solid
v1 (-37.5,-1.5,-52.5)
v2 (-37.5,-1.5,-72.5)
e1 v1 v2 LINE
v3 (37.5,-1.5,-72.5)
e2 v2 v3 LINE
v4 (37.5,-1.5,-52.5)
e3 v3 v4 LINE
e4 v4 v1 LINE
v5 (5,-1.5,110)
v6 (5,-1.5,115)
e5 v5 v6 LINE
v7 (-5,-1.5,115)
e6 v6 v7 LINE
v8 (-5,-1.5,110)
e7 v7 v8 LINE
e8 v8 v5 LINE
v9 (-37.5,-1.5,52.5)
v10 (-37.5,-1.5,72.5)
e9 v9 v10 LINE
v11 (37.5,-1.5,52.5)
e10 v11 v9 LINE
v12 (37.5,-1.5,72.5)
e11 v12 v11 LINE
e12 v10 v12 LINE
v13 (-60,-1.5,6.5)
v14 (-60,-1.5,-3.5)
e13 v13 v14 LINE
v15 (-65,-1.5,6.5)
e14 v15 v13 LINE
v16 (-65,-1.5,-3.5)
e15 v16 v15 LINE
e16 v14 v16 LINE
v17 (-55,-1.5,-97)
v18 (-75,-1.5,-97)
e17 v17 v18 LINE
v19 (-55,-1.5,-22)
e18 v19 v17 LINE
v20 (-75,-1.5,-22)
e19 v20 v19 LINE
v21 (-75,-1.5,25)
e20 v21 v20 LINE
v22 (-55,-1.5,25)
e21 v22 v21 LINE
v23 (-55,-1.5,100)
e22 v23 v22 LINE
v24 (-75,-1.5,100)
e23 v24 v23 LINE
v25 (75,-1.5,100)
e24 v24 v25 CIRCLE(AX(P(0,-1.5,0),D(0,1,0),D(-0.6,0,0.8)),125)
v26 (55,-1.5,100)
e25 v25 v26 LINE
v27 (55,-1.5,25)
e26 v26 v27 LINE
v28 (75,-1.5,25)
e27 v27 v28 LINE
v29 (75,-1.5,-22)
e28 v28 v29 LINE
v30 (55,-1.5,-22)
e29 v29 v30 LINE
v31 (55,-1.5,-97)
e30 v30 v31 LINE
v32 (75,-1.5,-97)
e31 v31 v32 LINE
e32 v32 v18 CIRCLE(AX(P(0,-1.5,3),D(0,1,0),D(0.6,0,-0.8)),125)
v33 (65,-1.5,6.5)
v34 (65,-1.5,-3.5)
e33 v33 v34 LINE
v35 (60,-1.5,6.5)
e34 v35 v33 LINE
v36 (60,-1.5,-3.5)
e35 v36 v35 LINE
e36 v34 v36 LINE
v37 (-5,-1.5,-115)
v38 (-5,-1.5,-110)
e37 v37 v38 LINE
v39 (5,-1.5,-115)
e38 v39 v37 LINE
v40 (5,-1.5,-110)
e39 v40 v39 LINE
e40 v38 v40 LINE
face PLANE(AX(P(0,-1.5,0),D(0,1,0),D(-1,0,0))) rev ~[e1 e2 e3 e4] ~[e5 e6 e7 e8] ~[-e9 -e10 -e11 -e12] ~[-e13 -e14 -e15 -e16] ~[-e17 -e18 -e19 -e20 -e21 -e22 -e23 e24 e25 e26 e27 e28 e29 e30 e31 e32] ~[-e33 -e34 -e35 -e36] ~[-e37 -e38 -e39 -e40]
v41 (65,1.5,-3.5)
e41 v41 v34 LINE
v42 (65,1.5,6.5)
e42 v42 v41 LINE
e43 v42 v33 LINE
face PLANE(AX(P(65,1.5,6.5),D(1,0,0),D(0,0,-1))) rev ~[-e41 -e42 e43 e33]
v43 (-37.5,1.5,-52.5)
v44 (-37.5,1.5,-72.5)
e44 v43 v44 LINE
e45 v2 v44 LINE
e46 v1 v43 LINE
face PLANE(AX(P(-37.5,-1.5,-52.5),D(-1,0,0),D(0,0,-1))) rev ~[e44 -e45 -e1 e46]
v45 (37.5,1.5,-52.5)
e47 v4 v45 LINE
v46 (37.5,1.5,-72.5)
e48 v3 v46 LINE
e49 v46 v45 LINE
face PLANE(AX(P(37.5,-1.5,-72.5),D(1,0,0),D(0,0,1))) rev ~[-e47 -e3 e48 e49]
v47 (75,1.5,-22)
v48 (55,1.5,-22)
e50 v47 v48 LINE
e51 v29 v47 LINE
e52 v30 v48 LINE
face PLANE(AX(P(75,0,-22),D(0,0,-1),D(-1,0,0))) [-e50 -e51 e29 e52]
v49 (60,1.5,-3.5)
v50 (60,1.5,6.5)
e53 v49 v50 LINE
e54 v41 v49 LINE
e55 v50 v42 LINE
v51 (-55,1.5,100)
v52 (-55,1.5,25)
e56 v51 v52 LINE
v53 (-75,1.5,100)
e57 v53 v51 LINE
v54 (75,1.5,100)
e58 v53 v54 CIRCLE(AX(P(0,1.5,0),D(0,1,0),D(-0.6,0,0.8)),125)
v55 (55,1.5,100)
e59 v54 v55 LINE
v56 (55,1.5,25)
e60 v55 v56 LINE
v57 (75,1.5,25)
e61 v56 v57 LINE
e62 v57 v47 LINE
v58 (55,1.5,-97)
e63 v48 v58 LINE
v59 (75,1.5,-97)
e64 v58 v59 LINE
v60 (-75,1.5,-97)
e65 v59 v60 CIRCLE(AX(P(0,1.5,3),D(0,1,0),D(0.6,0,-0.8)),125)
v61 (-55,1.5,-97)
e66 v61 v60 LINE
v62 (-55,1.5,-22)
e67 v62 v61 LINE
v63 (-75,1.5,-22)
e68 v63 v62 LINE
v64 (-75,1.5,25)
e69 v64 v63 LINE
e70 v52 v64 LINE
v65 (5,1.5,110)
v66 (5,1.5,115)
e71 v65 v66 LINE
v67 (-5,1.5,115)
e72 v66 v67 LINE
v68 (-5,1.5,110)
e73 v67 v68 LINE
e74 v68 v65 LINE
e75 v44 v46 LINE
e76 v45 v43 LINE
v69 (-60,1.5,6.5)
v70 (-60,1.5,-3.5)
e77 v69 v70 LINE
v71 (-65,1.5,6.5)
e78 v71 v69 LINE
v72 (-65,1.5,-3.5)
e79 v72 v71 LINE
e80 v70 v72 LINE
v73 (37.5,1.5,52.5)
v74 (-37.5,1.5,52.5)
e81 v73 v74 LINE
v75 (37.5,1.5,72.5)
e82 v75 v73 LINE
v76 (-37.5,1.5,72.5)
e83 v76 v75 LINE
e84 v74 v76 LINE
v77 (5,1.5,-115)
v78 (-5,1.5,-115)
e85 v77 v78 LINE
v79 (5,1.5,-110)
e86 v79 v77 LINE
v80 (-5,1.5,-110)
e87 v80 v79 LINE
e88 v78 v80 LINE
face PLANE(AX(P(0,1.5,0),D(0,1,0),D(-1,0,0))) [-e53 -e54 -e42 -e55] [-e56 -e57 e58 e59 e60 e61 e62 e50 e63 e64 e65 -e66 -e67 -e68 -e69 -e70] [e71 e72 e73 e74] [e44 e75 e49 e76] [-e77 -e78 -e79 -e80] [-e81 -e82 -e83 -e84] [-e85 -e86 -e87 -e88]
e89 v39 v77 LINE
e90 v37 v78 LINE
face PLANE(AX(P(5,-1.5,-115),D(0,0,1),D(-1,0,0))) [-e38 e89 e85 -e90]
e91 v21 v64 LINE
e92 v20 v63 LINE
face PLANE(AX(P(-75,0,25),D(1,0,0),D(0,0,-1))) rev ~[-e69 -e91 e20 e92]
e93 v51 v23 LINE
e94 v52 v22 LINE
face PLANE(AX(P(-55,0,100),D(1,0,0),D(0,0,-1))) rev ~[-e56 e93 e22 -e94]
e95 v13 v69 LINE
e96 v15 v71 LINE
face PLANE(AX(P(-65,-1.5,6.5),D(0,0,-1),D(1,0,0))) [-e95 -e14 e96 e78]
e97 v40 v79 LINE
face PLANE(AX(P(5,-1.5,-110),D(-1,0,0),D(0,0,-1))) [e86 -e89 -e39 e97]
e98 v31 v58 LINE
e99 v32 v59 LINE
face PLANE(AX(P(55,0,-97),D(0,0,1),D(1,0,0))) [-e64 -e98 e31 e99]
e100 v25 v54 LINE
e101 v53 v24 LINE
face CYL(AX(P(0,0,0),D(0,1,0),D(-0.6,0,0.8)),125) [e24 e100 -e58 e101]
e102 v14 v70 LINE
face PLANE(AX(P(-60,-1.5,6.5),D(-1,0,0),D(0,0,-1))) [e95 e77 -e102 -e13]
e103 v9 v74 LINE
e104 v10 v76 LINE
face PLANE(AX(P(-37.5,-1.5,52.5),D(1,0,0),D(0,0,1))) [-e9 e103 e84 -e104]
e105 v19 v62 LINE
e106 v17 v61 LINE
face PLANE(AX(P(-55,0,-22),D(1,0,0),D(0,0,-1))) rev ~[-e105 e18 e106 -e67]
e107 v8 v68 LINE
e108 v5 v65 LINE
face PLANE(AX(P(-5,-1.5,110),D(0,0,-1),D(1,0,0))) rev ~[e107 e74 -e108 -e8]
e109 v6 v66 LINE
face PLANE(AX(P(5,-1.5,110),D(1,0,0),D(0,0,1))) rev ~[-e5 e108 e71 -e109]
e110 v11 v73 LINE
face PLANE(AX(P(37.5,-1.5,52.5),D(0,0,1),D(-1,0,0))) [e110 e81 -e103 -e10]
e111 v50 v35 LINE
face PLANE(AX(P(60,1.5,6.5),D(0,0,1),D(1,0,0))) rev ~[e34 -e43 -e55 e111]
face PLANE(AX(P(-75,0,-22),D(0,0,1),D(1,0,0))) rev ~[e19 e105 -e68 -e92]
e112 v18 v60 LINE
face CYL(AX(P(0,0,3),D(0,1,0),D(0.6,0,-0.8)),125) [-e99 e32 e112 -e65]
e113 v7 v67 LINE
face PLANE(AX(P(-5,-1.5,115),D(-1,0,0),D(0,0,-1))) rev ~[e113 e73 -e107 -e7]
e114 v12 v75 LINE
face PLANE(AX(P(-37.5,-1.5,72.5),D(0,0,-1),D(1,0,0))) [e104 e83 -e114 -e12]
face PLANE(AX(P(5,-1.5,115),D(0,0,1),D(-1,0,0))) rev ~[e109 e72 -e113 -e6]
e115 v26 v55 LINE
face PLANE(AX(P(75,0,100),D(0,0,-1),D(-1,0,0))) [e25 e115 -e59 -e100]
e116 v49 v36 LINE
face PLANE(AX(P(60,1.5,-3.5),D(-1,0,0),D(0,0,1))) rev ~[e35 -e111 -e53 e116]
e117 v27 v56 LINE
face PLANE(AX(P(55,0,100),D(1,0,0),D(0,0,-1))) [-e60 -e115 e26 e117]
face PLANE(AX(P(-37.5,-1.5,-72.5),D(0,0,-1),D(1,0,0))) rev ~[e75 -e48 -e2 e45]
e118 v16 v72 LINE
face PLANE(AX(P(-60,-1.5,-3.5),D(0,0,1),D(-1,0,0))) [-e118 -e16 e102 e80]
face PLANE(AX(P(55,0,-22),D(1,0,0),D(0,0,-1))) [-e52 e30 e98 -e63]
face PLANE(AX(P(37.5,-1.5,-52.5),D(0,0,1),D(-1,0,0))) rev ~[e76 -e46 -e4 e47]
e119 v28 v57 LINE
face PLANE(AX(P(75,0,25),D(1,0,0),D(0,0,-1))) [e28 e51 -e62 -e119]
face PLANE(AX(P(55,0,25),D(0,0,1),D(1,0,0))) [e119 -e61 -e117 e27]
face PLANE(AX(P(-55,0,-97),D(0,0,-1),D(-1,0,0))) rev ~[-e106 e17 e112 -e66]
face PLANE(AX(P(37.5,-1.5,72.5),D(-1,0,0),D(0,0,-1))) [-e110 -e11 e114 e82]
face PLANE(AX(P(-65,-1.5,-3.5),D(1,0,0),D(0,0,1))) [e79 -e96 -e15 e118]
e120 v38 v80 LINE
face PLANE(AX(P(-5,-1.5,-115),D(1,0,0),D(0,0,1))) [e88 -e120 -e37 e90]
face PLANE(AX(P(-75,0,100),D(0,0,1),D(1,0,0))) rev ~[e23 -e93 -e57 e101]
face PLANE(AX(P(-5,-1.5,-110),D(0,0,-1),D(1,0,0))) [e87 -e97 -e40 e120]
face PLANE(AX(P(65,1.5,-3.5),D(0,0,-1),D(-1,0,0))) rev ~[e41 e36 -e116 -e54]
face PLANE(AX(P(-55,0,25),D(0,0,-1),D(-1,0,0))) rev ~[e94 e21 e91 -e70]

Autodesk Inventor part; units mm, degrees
ref_plane "YZ Plane" through (0, 0, 0) normal (1, 0, 0) x (0, 1, 0)
ref_plane "XZ Plane" through (0, 0, 0) normal (0, 1, 0) x (-1, 0, 0)
ref_plane "XY Plane" through (0, 0, 0) normal (0, 0, 1) x (1, 0, 0)
sketch "Sketch1" plane through (0, 0, 0) normal (0, 1, 0) x (-1, 0, 0)
  line L0 (-75, 100) -> (-55, 100)
  line L1 (-55, 100) -> (-55, 25)
  line L2 (-55, 25) -> (-75, 25)
  line L3 (-75, 25) -> (-75, -22)
  line L4 (-75, -22) -> (-55, -22)
  line L5 (-55, -22) -> (-55, -97)
  line L6 (-55, -97) -> (-75, -97)
  line L7 (0, 0) -> (0, -13.688)
  line L8 (0, 0) -> (16.407, 0)
  line L9 (75, 100) -> (55, 100)
  line L10 (55, 100) -> (55, 25)
  line L11 (55, 25) -> (75, 25)
  line L12 (75, 25) -> (75, -22)
  line L13 (75, -22) -> (55, -22)
  line L14 (55, -22) -> (55, -97)
  line L15 (55, -97) -> (75, -97)
  arc A0 (75, 100) -> (-75, 100) centre (0, 0) ccw
  arc A1 (-75, -97) -> (75, -97) centre (0, 3) ccw
  line L16 (-60, -3.5) -> (-65, -3.5)
  line L17 (-65, -3.5) -> (-65, 6.5)
  line L18 (-65, 6.5) -> (-60, 6.5)
  line L19 (-60, 6.5) -> (-60, -3.5)
  line L20 (60, -3.5) -> (65, -3.5)
  line L21 (65, -3.5) -> (65, 6.5)
  line L22 (65, 6.5) -> (60, 6.5)
  line L23 (60, 6.5) -> (60, -3.5)
extrude "Extrusion1" add sketch "Sketch1" along normal mid plane 3 contours A0 L9 L10 L11 L12 L13 L14 L15 A1 L6 L5 L4 L3 L2 L1 L0 | L16 L17 L18 L19 | L23 L22 L21 L20
sketch "Sketch2" plane through (0, 1.5, 0) normal (0, 1, 0) x (1, 0, 0)
  point P0 (0, 0)
sketch "Sketch3" plane through (0, 1.5, 0) normal (0, 1, 0) x (1, 0, 0)
  line L0 (65, 3.5) -> (60, 3.5)
  line L1 (60, 3.5) -> (60, -6.5)
  line L2 (60, -6.5) -> (65, -6.5)
  line L3 (65, -6.5) -> (65, 3.5)
  line L4 (0, 0) -> (0, -6.5)
  line L5 (-65, 3.5) -> (-60, 3.5)
  line L6 (-60, 3.5) -> (-60, -6.5)
  line L7 (-60, -6.5) -> (-65, -6.5)
  line L8 (-65, -6.5) -> (-65, 3.5)
extrude "Extrusion2" cut sketch "Sketch3" against normal blind 3 contours L3 L2 L1 L0
sketch "Sketch4" plane through (0, -1.5, 0) normal (0, -1, 0) x (1, 0, 0)
  line L0 (-60, -3.5) -> (-65, -3.5)
  line L1 (-65, -3.5) -> (-65, 6.5)
  line L2 (-65, 6.5) -> (-60, 6.5)
  line L3 (-60, 6.5) -> (-60, -3.5)
  point P0 (0, 0)
extrude "Extrusion3" cut sketch "Sketch4" against normal blind 3
sketch "Sketch5" plane through (0, -1.5, 0) normal (0, -1, 0) x (1, 0, 0)
  line L0 (-5, 110) -> (5, 110)
  line L1 (5, 110) -> (5, 115)
  line L2 (5, 115) -> (-5, 115)
  line L3 (-5, 115) -> (-5, 110)
  line L4 (0, 0) -> (8.5415, 0)
  line L5 (-5, -110) -> (5, -110)
  line L6 (5, -110) -> (5, -115)
  line L7 (5, -115) -> (-5, -115)
  line L8 (-5, -115) -> (-5, -110)
extrude "Extrusion4" cut sketch "Sketch5" against normal blind 3
sketch "Sketch6" plane through (0, -1.5, 0) normal (0, -1, 0) x (1, 0, 0)
  line L0 (-37.5, 72.5) -> (37.5, 72.5)
  line L1 (37.5, 72.5) -> (37.5, 52.5)
  line L2 (37.5, 52.5) -> (-37.5, 52.5)
  line L3 (-37.5, 52.5) -> (-37.5, 72.5)
  line L4 (0, 0) -> (15.5313, 0)
  line L5 (-37.5, -72.5) -> (37.5, -72.5)
  line L6 (37.5, -72.5) -> (37.5, -52.5)
  line L7 (37.5, -52.5) -> (-37.5, -52.5)
  line L8 (-37.5, -52.5) -> (-37.5, -72.5)
extrude "Extrusion5" cut sketch "Sketch6" against normal blind 3
sketch "Sketch7" plane through (0, -1.5, 0) normal (0, -1, 0) x (1, 0, 0)
  point P0 (0, 0)
sketch "Sketch8" plane through (0, -1.5, 0) normal (0, -1, 0) x (1, 0, 0)
  point P0 (0, 0)
properties part number "PakAnomRevisi"
